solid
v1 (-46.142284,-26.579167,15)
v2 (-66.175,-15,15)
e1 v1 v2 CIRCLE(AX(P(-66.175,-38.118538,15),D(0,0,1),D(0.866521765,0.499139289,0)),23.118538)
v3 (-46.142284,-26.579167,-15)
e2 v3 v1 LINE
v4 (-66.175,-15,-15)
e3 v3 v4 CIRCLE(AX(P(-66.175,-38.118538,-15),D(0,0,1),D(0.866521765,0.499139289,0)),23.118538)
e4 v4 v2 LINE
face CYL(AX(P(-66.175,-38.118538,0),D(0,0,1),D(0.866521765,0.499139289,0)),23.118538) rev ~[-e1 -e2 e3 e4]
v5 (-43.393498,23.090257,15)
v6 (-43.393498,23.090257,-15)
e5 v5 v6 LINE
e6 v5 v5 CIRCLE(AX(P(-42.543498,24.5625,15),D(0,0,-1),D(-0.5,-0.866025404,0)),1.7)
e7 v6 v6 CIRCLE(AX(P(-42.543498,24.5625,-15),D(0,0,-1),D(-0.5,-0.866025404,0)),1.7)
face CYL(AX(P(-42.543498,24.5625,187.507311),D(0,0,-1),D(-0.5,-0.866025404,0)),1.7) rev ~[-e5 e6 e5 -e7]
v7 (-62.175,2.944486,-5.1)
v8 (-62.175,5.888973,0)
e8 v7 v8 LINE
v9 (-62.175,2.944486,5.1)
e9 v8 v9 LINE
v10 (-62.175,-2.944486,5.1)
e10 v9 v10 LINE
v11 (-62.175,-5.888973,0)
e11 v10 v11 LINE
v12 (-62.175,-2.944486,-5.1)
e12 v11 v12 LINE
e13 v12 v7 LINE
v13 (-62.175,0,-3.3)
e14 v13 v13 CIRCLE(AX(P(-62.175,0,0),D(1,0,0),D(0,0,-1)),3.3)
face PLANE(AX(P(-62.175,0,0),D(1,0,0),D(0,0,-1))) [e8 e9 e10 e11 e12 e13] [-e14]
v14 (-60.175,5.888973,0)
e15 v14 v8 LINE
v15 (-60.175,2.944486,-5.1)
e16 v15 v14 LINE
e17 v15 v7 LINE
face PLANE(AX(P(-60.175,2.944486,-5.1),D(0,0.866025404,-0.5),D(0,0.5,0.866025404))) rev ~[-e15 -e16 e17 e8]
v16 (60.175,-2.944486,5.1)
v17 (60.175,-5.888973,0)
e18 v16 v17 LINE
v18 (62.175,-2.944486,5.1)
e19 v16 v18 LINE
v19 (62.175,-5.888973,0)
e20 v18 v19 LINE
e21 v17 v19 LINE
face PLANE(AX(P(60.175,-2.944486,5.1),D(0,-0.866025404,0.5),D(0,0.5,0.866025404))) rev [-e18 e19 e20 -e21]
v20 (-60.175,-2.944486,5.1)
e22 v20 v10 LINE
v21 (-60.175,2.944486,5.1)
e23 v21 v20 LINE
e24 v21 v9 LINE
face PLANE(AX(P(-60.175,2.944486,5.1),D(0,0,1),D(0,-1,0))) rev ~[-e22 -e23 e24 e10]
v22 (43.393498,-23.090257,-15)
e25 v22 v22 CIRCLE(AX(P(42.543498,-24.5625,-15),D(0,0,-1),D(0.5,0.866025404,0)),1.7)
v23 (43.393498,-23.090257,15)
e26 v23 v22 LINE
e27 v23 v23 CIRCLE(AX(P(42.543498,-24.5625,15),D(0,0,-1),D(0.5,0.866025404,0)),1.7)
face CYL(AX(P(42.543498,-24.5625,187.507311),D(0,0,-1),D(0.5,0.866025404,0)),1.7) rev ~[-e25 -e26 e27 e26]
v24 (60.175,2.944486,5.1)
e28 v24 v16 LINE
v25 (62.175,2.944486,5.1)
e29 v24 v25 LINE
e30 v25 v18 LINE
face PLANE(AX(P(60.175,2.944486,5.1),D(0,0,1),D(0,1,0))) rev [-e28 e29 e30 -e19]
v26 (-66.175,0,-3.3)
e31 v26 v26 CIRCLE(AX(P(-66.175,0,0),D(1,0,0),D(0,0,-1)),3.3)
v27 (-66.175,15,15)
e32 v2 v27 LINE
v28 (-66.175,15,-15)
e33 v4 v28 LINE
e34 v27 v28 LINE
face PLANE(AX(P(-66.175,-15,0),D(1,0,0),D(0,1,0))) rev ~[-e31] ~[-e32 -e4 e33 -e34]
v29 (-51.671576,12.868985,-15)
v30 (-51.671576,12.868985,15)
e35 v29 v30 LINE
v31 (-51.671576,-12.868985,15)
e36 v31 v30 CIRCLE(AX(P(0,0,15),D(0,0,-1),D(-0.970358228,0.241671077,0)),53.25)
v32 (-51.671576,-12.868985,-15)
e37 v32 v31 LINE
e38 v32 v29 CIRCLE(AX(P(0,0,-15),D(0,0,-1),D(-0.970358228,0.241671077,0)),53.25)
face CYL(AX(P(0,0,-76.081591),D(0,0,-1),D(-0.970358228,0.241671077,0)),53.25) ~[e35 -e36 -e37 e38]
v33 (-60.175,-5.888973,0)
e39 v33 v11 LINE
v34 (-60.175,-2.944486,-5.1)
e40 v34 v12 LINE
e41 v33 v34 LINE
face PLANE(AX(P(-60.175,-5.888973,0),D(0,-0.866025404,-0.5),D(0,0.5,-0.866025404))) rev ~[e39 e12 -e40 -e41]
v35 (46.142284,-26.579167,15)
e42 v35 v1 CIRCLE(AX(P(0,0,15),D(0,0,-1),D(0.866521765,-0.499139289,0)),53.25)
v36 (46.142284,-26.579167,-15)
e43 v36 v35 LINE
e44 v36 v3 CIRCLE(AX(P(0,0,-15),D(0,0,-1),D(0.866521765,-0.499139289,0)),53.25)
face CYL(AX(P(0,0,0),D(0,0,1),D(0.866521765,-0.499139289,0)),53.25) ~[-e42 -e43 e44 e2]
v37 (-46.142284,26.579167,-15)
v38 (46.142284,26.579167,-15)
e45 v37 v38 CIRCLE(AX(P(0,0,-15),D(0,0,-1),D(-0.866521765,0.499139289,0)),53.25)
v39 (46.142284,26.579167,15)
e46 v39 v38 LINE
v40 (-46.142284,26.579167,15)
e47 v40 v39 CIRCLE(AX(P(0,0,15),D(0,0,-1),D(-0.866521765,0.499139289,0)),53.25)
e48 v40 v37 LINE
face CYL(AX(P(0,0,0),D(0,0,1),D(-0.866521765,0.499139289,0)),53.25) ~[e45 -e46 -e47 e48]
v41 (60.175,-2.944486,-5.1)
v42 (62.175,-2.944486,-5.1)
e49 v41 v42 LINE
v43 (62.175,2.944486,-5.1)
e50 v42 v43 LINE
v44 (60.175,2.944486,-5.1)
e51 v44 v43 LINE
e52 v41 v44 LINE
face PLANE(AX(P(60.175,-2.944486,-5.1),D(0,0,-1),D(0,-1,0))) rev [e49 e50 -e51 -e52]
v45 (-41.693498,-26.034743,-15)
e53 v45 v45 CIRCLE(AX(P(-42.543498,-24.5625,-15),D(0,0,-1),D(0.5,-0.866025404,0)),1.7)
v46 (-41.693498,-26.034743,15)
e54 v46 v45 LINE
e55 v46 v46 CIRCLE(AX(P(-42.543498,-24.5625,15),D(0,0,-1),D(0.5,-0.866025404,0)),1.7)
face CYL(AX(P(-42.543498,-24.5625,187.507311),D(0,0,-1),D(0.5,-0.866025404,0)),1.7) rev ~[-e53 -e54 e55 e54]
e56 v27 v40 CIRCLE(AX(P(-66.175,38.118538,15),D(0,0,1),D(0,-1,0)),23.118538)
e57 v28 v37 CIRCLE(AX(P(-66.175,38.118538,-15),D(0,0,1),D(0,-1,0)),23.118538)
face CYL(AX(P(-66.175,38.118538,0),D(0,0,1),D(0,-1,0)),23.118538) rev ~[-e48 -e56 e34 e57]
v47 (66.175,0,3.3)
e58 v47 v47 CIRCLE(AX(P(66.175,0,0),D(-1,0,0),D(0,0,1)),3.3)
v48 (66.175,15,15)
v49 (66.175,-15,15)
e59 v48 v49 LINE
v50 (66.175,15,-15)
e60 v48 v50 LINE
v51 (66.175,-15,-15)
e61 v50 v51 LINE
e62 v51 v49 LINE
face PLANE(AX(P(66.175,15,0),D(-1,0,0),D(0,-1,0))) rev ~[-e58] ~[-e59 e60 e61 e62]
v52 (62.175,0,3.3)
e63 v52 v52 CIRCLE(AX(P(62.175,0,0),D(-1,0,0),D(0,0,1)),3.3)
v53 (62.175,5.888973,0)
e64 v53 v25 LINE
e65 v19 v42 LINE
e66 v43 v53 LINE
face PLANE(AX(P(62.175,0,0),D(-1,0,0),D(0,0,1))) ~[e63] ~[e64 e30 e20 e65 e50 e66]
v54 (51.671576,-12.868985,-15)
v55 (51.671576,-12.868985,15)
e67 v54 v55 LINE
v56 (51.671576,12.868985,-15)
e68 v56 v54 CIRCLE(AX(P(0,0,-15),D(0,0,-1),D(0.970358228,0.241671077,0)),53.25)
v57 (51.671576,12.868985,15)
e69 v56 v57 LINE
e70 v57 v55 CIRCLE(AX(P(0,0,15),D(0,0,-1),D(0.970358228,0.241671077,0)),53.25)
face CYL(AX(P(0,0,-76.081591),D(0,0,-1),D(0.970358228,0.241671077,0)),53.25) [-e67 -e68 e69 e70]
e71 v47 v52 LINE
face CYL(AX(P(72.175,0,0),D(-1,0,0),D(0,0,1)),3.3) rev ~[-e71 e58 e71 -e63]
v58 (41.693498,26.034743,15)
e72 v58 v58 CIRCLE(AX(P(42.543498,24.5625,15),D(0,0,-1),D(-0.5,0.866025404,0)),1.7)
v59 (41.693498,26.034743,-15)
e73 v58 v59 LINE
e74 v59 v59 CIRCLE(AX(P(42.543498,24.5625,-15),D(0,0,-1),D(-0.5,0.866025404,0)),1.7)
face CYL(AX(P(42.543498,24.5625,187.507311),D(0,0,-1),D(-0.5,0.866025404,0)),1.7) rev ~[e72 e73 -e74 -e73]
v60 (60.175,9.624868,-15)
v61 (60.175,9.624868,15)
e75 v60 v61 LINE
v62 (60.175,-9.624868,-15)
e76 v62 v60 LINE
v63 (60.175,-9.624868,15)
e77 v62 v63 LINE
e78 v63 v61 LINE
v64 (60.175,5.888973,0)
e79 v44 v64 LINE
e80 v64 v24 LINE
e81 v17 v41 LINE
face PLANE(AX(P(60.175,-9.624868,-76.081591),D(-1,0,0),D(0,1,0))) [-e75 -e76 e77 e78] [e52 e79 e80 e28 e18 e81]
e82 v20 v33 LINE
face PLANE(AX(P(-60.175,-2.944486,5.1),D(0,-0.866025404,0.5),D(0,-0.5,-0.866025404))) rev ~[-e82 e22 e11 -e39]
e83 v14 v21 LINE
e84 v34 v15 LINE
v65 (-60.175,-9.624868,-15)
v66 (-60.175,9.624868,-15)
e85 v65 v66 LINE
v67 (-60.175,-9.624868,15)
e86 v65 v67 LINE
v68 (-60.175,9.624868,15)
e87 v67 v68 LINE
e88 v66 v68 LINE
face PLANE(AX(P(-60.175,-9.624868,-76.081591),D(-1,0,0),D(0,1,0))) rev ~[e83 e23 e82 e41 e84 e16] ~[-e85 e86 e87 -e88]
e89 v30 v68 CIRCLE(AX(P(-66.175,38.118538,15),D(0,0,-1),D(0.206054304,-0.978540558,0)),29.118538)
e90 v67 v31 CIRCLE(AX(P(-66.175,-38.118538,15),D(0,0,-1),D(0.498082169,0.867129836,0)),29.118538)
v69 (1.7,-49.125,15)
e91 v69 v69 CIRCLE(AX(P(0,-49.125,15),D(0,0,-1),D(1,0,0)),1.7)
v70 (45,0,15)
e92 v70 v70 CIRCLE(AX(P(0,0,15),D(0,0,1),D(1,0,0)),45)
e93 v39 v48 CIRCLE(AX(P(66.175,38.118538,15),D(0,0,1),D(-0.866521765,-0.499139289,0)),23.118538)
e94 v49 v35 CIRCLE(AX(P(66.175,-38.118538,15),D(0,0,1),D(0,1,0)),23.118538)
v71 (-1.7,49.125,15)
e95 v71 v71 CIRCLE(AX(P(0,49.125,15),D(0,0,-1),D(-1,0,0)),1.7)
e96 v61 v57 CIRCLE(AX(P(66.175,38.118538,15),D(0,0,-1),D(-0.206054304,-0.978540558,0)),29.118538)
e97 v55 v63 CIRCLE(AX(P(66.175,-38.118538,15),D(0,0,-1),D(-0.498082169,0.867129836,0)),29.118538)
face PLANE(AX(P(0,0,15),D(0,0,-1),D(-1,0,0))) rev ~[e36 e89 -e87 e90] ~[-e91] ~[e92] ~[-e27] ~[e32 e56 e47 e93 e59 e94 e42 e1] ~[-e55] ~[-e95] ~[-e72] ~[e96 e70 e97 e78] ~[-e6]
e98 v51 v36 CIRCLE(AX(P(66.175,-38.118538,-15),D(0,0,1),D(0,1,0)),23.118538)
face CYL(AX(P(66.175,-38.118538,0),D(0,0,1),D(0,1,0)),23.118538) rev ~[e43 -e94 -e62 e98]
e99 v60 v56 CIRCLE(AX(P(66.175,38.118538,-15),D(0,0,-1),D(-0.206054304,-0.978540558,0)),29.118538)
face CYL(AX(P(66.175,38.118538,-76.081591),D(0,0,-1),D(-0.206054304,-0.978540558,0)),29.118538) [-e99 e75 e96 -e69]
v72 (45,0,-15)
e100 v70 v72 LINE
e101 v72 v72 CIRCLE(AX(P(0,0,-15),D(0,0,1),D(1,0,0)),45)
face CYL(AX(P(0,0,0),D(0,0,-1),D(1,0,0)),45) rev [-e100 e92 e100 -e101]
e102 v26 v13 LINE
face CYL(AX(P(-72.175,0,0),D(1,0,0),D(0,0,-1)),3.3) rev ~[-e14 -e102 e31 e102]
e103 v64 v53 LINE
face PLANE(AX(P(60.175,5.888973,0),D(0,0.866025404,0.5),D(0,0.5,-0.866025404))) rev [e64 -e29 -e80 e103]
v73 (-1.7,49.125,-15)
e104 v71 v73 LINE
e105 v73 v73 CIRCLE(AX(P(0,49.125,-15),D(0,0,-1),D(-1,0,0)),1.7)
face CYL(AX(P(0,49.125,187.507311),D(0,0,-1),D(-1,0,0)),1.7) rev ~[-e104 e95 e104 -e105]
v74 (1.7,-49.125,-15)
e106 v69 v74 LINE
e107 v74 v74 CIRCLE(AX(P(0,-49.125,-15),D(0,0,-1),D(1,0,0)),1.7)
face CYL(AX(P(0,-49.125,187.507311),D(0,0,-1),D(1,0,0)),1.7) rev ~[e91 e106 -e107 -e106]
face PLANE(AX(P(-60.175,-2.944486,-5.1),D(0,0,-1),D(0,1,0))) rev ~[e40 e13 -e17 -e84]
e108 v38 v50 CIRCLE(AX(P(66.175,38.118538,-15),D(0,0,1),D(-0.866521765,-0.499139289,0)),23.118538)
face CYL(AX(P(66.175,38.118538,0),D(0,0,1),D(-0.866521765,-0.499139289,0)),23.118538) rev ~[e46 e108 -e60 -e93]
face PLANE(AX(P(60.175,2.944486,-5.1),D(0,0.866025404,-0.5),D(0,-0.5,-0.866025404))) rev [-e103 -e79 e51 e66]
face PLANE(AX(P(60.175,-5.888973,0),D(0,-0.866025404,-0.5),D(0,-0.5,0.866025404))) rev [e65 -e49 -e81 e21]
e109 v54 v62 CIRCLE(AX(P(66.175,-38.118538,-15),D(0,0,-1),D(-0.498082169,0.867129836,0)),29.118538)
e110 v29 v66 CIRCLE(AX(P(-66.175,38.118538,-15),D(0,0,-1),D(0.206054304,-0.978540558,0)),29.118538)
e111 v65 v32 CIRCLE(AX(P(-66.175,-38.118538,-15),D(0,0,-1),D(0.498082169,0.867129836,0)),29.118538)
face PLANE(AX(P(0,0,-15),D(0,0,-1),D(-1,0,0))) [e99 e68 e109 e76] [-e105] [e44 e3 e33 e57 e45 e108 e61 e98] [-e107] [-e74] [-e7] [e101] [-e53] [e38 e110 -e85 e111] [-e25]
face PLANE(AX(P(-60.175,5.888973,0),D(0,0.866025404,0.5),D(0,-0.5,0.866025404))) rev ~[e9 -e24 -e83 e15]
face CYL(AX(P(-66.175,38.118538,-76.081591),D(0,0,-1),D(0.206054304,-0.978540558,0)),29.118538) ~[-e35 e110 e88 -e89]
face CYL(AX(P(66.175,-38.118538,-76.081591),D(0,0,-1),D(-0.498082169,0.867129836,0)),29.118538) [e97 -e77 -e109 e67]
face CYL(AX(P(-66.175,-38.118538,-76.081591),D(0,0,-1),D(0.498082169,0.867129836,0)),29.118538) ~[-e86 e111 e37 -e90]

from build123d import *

# Parameters (mm, degrees)
SKETCH1_R                = 45
BOSS_EXTRUDE1_DEPTH      = 15
CUT_EXTRUDE1_DEPTH       = 91.081591488
CUT_EXTRUDE1_DEPTH_BACK  = 91.081591488
M6_CLEARANCE_HOLE1_D     = 6.6
M6_CLEARANCE_HOLE1_DEPTH = 6
M6_CLEARANCE_HOLE1_TIP   = 1.982840043
M6_CLEARANCE_HOLE2_D     = 6.6
M6_CLEARANCE_HOLE2_DEPTH = 6
M6_CLEARANCE_HOLE2_TIP   = 1.982840043
M3_CLEARANCE_HOLE1_D     = 3.4
CIRPATTERN1_COUNT        = 6
CUT_EXTRUDE2_DEPTH       = 2


with BuildPart() as part:
    # Sketch1 → Boss-Extrude1 (new, symmetric)
    with BuildSketch(Plane.XY):
        with BuildLine():
            Line((-66.175, -15), (-66.175, 15))
            ThreePointArc((-66.175, 15), (-54.605786302, 18.103041727), (-46.142284003, 26.579167161))
            ThreePointArc((-46.142284003, 26.579167161), (0, 53.25), (46.142284003, 26.579167161))
            ThreePointArc((46.142284003, 26.579167161), (54.605786302, 18.103041727), (66.175, 15))
            Line((66.175, 15), (66.175, -15))
            ThreePointArc((66.175, -15), (54.605786302, -18.103041727), (46.142284003, -26.579167161))
            ThreePointArc((46.142284003, -26.579167161), (0, -53.25), (-46.142284003, -26.579167161))
            ThreePointArc((-46.142284003, -26.579167161), (-54.605786302, -18.103041727), (-66.175, -15))
        make_face()
        Circle(SKETCH1_R, mode=Mode.SUBTRACT)
    extrude(amount=BOSS_EXTRUDE1_DEPTH, both=True)

    # Sketch2 → Cut-Extrude1 (cut, two sides: drawn at the far end of the back side and taken through both)
    with BuildSketch(Plane.XY.offset(15).offset(-CUT_EXTRUDE1_DEPTH_BACK)):
        with BuildLine():
            Line((-60.175, -9.624867567), (-60.175, 9.624867567))
            ThreePointArc((-60.175, 9.624867567), (-55.795757401, 10.912645684), (-51.671575635, 12.868984861))
            ThreePointArc((-51.671575635, 12.868984861), (-53.25, 0), (-51.671575635, -12.868984861))
            ThreePointArc((-51.671575635, -12.868984861), (-55.795757401, -10.912645684), (-60.175, -9.624867567))
        make_face()
        with BuildLine():
            Line((60.175, -9.624867567), (60.175, 9.624867567))
            ThreePointArc((60.175, 9.624867567), (55.795757401, 10.912645684), (51.671575635, 12.868984861))
            ThreePointArc((51.671575635, 12.868984861), (53.25, 0), (51.671575635, -12.868984861))
            ThreePointArc((51.671575635, -12.868984861), (55.795757401, -10.912645684), (60.175, -9.624867567))
        make_face()
    extrude(amount=CUT_EXTRUDE1_DEPTH + CUT_EXTRUDE1_DEPTH_BACK, mode=Mode.SUBTRACT)

    # M6 Clearance Hole1
    with Locations(Plane.ZY.offset(66.175)):
        with Locations((0, 0)):
            Hole(M6_CLEARANCE_HOLE1_D / 2, depth=M6_CLEARANCE_HOLE1_DEPTH)
            with Locations((0, 0, -(M6_CLEARANCE_HOLE1_DEPTH + M6_CLEARANCE_HOLE1_TIP / 2))):  # 118° drill point
                Cone(0, M6_CLEARANCE_HOLE1_D / 2, M6_CLEARANCE_HOLE1_TIP, mode=Mode.SUBTRACT)

    # M6 Clearance Hole2
    with Locations(Plane(origin=(66.175, 0, 0), x_dir=(0, 0, -1), z_dir=(1, 0, 0))):
        with Locations((0, 0)):
            Hole(M6_CLEARANCE_HOLE2_D / 2, depth=M6_CLEARANCE_HOLE2_DEPTH)
            with Locations((0, 0, -(M6_CLEARANCE_HOLE2_DEPTH + M6_CLEARANCE_HOLE2_TIP / 2))):  # 118° drill point
                Cone(0, M6_CLEARANCE_HOLE2_D / 2, M6_CLEARANCE_HOLE2_TIP, mode=Mode.SUBTRACT)

    # M3 Clearance Hole1 (through all)
    with Locations(Plane.XY.offset(15)):
        with Locations((0, 49.125)):
            m3_clearance_hole1 = Hole(M3_CLEARANCE_HOLE1_D / 2)

    # CirPattern1: M3 Clearance Hole1 ×6 about axis
    cirpattern1_axis = Axis((0, 0, 0), (0, 0, 1))
    for i in range(1, CIRPATTERN1_COUNT):
        add(m3_clearance_hole1.rotate(cirpattern1_axis, i * 360 / CIRPATTERN1_COUNT), mode=Mode.SUBTRACT)

    # Sketch9 → Cut-Extrude2 (cut)
    with BuildSketch(Plane(origin=(-60.175, 0, 0), x_dir=(0, 0, -1), z_dir=(1, 0, 0))):
        Polygon((0, 5.888972746), (-5.1, 2.944486373), (-5.1, -2.944486373), (0, -5.888972746), (5.1, -2.944486373), (5.1, 2.944486373), align=None)
    cut_extrude2 = extrude(amount=-CUT_EXTRUDE2_DEPTH, mode=Mode.SUBTRACT)

    # Mirror1: Cut-Extrude2 across plane
    add(cut_extrude2.mirror(Plane(origin=(0, 0, 0), x_dir=(0, 0, 1), z_dir=(1, 0, 0))), mode=Mode.SUBTRACT)


solid = part.part
